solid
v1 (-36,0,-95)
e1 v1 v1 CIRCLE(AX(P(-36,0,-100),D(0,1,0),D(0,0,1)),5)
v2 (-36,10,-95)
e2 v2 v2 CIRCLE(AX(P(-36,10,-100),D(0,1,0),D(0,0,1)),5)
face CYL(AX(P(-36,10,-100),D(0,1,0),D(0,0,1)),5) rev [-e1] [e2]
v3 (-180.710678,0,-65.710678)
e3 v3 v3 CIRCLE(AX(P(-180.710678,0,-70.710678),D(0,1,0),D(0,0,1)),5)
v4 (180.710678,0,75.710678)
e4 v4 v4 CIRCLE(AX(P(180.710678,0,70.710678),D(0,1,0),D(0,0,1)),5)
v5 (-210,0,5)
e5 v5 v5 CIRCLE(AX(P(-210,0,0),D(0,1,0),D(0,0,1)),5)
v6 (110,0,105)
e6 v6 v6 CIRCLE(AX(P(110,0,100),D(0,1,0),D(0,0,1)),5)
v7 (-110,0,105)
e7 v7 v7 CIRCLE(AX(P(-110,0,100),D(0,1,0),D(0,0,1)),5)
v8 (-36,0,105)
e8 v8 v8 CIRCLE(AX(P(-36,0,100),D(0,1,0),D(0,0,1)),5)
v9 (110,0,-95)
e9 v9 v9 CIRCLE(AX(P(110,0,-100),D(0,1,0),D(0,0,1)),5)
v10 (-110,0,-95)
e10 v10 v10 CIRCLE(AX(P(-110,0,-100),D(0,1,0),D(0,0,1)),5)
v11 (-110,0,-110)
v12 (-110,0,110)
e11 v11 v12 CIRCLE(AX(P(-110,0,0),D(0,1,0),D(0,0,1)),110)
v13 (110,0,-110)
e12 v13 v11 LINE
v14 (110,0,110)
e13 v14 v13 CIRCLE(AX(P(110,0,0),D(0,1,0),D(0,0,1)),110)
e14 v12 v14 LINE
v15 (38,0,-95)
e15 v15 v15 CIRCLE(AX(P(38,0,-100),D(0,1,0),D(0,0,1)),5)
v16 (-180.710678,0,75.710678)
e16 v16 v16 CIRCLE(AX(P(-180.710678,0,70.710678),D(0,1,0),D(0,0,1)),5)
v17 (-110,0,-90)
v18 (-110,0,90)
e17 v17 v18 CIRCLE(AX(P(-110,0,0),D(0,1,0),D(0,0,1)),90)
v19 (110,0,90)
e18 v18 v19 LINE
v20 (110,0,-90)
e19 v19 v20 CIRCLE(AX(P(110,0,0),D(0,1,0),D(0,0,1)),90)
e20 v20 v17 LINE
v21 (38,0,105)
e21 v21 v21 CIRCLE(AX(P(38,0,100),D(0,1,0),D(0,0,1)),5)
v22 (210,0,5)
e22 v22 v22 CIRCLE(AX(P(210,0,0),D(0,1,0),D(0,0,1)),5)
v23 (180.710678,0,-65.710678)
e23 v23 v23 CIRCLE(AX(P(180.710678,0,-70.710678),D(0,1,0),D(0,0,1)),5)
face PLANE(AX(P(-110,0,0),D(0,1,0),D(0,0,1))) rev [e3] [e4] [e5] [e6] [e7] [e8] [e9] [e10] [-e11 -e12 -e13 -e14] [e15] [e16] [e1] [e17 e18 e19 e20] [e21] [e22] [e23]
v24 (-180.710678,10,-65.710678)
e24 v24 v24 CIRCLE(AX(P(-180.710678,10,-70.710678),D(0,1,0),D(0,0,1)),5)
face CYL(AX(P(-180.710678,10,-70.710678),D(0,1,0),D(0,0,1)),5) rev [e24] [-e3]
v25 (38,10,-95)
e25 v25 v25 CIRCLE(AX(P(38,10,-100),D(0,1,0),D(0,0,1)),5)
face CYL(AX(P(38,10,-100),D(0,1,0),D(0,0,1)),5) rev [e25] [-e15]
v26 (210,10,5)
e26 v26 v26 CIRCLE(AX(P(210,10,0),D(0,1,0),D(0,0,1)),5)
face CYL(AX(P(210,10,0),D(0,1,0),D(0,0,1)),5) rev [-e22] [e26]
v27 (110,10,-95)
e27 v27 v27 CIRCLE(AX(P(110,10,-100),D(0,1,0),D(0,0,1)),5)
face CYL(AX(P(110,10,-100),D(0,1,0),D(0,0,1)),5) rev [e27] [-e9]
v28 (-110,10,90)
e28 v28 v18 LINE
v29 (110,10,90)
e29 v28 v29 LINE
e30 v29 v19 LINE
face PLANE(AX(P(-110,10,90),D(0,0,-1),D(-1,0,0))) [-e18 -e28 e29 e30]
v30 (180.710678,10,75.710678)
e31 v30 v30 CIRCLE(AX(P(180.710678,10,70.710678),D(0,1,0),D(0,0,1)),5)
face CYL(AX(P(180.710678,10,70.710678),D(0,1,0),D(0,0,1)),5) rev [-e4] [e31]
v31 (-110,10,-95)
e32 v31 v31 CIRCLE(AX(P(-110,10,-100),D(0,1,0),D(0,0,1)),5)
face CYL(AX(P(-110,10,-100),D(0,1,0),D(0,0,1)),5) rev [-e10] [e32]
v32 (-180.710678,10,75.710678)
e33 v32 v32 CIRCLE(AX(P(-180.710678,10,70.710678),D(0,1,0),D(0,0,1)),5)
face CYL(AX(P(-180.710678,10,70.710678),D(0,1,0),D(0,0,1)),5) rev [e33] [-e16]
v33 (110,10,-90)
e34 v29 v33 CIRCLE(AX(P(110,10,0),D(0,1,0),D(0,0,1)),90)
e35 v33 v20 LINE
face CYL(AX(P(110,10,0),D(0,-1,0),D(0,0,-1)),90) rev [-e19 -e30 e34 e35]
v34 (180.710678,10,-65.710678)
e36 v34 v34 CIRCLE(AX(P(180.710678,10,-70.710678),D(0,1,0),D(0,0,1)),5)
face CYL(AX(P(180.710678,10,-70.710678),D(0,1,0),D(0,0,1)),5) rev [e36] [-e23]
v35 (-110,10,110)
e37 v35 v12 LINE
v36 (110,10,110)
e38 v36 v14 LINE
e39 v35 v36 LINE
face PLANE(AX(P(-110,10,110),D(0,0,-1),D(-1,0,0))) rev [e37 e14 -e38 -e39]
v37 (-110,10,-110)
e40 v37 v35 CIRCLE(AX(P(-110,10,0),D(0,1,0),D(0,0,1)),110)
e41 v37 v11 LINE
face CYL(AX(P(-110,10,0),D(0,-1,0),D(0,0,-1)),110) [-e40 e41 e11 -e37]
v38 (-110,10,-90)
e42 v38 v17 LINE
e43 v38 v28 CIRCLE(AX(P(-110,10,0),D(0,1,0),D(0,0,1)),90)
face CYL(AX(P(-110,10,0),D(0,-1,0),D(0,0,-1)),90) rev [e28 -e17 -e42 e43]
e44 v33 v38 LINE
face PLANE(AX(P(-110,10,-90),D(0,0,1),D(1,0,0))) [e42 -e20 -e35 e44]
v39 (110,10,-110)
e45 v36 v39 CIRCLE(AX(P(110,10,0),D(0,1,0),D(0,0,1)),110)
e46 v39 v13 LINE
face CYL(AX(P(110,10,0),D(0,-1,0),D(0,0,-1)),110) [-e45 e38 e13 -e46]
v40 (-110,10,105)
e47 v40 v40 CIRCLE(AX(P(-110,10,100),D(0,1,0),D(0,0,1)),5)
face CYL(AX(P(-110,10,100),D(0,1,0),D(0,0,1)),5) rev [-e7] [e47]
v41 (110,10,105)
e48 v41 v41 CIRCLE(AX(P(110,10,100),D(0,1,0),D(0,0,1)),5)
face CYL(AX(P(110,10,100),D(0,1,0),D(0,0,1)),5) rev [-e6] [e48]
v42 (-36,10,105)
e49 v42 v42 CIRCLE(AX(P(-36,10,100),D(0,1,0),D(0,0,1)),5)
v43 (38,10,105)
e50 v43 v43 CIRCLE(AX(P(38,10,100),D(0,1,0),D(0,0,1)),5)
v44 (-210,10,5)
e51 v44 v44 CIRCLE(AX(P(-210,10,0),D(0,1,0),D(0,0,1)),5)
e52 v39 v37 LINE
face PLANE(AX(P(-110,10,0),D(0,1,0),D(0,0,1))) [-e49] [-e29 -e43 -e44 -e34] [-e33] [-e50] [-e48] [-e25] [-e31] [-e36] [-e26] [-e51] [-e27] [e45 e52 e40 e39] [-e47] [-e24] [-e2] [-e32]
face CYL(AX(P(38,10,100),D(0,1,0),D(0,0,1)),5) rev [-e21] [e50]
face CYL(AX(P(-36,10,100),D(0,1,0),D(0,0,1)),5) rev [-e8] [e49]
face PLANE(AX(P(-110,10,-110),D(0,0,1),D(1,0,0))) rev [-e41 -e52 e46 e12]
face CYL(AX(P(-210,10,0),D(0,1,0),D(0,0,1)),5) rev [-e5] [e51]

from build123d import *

# Parameters (mm, degrees)
BOSS_EXTRUDE1_DEPTH    = 10
F_10_0MM_DOWEL_HOLE6_D = 10
CIRPATTERN2_COUNT      = 5
CIRPATTERN2_ANGLE      = 180
MIRROR2_COPY_1_D       = 10
MIRROR2_COPY_2_D       = 10
MIRROR2_COPY_3_D       = 10
MIRROR2_COPY_4_D       = 10
LPATTERN1_COUNT        = 3
LPATTERN1_PITCH        = 74
MIRROR3_COPY_1_D       = 10
MIRROR3_COPY_2_D       = 10
MIRROR3_COPY_3_D       = 10


with BuildPart() as part:
    # Sketch1 → Boss-Extrude1 (new body)
    with BuildSketch(Plane(origin=(0, 0, 0), x_dir=(1, 0, 0), z_dir=(0, 1, 0))):
        with BuildLine():
            Line((-110, 110), (110, 110))
            ThreePointArc((110, 110), (220, 0), (110, -110))
            Line((110, -110), (-110, -110))
            ThreePointArc((-110, -110), (-220, 0), (-110, 110))
        make_face()
        with BuildLine():
            Line((-110, 90), (110, 90))
            ThreePointArc((110, 90), (200, 0), (110, -90))
            Line((110, -90), (-110, -90))
            ThreePointArc((-110, -90), (-200, 0), (-110, 90))
        make_face(mode=Mode.SUBTRACT)
    extrude(amount=BOSS_EXTRUDE1_DEPTH)

    # Ø10.0mm Dowel Hole6 (through all)
    with Locations(Plane(origin=(-110, 10, -100), x_dir=(0, 0, 1), z_dir=(0, 1, 0))):
        with Locations((0, 0)):
            f_10_0mm_dowel_hole6 = Hole(F_10_0MM_DOWEL_HOLE6_D / 2)

    # CirPattern2: Ø10.0mm Dowel Hole6 ×5 about axis
    cirpattern2_axis = Axis((-110, 0, 0), (0, 1, 0))
    for i in range(1, CIRPATTERN2_COUNT):
        add(f_10_0mm_dowel_hole6.rotate(cirpattern2_axis, i * CIRPATTERN2_ANGLE / (CIRPATTERN2_COUNT - 1)), mode=Mode.SUBTRACT)

    # Mirror2: Ø10.0mm Dowel Hole6 across plane
    add(f_10_0mm_dowel_hole6.mirror(Plane(origin=(0, 0, 0), x_dir=(0, 0, 1), z_dir=(1, 0, 0))), mode=Mode.SUBTRACT)

    # Mirror2 copy 1 (through all)
    with Locations(Plane(origin=(180.710678119, 10, -70.710678119), x_dir=(-0.707106781, 0, 0.707106781), z_dir=(0, 1, 0))):
        with Locations((0, 0)):
            Hole(MIRROR2_COPY_1_D / 2)

    # Mirror2 copy 2 (through all)
    with Locations(Plane(origin=(210, 10, 0), x_dir=(-1, 0, 0), z_dir=(0, 1, 0))):
        with Locations((0, 0)):
            Hole(MIRROR2_COPY_2_D / 2)

    # Mirror2 copy 3 (through all)
    with Locations(Plane(origin=(180.710678119, 10, 70.710678119), x_dir=(-0.707106781, 0, -0.707106781), z_dir=(0, 1, 0))):
        with Locations((0, 0)):
            Hole(MIRROR2_COPY_3_D / 2)

    # Mirror2 copy 4 (through all)
    with Locations(Plane(origin=(110, 10, 100), x_dir=(0, 0, -1), z_dir=(0, 1, 0))):
        with Locations((0, 0)):
            Hole(MIRROR2_COPY_4_D / 2)

    # LPattern1: Ø10.0mm Dowel Hole6 ×3
    with Locations(*[(i * LPATTERN1_PITCH, 0, 0) for i in range(1, LPATTERN1_COUNT)]):
        add(f_10_0mm_dowel_hole6, mode=Mode.SUBTRACT)

    # Mirror3 copy 1 (through all)
    with Locations(Plane(origin=(-36, 10, 100), x_dir=(0, 0, -1), z_dir=(0, 1, 0))):
        with Locations((0, 0)):
            Hole(MIRROR3_COPY_1_D / 2)

    # Mirror3 copy 2 (through all)
    with Locations(Plane(origin=(38, 10, 100), x_dir=(0, 0, -1), z_dir=(0, 1, 0))):
        with Locations((0, 0)):
            Hole(MIRROR3_COPY_2_D / 2)

    # Mirror3 copy 3 (through all)
    with Locations(Plane(origin=(-110, 10, 100), x_dir=(0, 0, -1), z_dir=(0, 1, 0))):
        with Locations((0, 0)):
            Hole(MIRROR3_COPY_3_D / 2)


solid = part.part
